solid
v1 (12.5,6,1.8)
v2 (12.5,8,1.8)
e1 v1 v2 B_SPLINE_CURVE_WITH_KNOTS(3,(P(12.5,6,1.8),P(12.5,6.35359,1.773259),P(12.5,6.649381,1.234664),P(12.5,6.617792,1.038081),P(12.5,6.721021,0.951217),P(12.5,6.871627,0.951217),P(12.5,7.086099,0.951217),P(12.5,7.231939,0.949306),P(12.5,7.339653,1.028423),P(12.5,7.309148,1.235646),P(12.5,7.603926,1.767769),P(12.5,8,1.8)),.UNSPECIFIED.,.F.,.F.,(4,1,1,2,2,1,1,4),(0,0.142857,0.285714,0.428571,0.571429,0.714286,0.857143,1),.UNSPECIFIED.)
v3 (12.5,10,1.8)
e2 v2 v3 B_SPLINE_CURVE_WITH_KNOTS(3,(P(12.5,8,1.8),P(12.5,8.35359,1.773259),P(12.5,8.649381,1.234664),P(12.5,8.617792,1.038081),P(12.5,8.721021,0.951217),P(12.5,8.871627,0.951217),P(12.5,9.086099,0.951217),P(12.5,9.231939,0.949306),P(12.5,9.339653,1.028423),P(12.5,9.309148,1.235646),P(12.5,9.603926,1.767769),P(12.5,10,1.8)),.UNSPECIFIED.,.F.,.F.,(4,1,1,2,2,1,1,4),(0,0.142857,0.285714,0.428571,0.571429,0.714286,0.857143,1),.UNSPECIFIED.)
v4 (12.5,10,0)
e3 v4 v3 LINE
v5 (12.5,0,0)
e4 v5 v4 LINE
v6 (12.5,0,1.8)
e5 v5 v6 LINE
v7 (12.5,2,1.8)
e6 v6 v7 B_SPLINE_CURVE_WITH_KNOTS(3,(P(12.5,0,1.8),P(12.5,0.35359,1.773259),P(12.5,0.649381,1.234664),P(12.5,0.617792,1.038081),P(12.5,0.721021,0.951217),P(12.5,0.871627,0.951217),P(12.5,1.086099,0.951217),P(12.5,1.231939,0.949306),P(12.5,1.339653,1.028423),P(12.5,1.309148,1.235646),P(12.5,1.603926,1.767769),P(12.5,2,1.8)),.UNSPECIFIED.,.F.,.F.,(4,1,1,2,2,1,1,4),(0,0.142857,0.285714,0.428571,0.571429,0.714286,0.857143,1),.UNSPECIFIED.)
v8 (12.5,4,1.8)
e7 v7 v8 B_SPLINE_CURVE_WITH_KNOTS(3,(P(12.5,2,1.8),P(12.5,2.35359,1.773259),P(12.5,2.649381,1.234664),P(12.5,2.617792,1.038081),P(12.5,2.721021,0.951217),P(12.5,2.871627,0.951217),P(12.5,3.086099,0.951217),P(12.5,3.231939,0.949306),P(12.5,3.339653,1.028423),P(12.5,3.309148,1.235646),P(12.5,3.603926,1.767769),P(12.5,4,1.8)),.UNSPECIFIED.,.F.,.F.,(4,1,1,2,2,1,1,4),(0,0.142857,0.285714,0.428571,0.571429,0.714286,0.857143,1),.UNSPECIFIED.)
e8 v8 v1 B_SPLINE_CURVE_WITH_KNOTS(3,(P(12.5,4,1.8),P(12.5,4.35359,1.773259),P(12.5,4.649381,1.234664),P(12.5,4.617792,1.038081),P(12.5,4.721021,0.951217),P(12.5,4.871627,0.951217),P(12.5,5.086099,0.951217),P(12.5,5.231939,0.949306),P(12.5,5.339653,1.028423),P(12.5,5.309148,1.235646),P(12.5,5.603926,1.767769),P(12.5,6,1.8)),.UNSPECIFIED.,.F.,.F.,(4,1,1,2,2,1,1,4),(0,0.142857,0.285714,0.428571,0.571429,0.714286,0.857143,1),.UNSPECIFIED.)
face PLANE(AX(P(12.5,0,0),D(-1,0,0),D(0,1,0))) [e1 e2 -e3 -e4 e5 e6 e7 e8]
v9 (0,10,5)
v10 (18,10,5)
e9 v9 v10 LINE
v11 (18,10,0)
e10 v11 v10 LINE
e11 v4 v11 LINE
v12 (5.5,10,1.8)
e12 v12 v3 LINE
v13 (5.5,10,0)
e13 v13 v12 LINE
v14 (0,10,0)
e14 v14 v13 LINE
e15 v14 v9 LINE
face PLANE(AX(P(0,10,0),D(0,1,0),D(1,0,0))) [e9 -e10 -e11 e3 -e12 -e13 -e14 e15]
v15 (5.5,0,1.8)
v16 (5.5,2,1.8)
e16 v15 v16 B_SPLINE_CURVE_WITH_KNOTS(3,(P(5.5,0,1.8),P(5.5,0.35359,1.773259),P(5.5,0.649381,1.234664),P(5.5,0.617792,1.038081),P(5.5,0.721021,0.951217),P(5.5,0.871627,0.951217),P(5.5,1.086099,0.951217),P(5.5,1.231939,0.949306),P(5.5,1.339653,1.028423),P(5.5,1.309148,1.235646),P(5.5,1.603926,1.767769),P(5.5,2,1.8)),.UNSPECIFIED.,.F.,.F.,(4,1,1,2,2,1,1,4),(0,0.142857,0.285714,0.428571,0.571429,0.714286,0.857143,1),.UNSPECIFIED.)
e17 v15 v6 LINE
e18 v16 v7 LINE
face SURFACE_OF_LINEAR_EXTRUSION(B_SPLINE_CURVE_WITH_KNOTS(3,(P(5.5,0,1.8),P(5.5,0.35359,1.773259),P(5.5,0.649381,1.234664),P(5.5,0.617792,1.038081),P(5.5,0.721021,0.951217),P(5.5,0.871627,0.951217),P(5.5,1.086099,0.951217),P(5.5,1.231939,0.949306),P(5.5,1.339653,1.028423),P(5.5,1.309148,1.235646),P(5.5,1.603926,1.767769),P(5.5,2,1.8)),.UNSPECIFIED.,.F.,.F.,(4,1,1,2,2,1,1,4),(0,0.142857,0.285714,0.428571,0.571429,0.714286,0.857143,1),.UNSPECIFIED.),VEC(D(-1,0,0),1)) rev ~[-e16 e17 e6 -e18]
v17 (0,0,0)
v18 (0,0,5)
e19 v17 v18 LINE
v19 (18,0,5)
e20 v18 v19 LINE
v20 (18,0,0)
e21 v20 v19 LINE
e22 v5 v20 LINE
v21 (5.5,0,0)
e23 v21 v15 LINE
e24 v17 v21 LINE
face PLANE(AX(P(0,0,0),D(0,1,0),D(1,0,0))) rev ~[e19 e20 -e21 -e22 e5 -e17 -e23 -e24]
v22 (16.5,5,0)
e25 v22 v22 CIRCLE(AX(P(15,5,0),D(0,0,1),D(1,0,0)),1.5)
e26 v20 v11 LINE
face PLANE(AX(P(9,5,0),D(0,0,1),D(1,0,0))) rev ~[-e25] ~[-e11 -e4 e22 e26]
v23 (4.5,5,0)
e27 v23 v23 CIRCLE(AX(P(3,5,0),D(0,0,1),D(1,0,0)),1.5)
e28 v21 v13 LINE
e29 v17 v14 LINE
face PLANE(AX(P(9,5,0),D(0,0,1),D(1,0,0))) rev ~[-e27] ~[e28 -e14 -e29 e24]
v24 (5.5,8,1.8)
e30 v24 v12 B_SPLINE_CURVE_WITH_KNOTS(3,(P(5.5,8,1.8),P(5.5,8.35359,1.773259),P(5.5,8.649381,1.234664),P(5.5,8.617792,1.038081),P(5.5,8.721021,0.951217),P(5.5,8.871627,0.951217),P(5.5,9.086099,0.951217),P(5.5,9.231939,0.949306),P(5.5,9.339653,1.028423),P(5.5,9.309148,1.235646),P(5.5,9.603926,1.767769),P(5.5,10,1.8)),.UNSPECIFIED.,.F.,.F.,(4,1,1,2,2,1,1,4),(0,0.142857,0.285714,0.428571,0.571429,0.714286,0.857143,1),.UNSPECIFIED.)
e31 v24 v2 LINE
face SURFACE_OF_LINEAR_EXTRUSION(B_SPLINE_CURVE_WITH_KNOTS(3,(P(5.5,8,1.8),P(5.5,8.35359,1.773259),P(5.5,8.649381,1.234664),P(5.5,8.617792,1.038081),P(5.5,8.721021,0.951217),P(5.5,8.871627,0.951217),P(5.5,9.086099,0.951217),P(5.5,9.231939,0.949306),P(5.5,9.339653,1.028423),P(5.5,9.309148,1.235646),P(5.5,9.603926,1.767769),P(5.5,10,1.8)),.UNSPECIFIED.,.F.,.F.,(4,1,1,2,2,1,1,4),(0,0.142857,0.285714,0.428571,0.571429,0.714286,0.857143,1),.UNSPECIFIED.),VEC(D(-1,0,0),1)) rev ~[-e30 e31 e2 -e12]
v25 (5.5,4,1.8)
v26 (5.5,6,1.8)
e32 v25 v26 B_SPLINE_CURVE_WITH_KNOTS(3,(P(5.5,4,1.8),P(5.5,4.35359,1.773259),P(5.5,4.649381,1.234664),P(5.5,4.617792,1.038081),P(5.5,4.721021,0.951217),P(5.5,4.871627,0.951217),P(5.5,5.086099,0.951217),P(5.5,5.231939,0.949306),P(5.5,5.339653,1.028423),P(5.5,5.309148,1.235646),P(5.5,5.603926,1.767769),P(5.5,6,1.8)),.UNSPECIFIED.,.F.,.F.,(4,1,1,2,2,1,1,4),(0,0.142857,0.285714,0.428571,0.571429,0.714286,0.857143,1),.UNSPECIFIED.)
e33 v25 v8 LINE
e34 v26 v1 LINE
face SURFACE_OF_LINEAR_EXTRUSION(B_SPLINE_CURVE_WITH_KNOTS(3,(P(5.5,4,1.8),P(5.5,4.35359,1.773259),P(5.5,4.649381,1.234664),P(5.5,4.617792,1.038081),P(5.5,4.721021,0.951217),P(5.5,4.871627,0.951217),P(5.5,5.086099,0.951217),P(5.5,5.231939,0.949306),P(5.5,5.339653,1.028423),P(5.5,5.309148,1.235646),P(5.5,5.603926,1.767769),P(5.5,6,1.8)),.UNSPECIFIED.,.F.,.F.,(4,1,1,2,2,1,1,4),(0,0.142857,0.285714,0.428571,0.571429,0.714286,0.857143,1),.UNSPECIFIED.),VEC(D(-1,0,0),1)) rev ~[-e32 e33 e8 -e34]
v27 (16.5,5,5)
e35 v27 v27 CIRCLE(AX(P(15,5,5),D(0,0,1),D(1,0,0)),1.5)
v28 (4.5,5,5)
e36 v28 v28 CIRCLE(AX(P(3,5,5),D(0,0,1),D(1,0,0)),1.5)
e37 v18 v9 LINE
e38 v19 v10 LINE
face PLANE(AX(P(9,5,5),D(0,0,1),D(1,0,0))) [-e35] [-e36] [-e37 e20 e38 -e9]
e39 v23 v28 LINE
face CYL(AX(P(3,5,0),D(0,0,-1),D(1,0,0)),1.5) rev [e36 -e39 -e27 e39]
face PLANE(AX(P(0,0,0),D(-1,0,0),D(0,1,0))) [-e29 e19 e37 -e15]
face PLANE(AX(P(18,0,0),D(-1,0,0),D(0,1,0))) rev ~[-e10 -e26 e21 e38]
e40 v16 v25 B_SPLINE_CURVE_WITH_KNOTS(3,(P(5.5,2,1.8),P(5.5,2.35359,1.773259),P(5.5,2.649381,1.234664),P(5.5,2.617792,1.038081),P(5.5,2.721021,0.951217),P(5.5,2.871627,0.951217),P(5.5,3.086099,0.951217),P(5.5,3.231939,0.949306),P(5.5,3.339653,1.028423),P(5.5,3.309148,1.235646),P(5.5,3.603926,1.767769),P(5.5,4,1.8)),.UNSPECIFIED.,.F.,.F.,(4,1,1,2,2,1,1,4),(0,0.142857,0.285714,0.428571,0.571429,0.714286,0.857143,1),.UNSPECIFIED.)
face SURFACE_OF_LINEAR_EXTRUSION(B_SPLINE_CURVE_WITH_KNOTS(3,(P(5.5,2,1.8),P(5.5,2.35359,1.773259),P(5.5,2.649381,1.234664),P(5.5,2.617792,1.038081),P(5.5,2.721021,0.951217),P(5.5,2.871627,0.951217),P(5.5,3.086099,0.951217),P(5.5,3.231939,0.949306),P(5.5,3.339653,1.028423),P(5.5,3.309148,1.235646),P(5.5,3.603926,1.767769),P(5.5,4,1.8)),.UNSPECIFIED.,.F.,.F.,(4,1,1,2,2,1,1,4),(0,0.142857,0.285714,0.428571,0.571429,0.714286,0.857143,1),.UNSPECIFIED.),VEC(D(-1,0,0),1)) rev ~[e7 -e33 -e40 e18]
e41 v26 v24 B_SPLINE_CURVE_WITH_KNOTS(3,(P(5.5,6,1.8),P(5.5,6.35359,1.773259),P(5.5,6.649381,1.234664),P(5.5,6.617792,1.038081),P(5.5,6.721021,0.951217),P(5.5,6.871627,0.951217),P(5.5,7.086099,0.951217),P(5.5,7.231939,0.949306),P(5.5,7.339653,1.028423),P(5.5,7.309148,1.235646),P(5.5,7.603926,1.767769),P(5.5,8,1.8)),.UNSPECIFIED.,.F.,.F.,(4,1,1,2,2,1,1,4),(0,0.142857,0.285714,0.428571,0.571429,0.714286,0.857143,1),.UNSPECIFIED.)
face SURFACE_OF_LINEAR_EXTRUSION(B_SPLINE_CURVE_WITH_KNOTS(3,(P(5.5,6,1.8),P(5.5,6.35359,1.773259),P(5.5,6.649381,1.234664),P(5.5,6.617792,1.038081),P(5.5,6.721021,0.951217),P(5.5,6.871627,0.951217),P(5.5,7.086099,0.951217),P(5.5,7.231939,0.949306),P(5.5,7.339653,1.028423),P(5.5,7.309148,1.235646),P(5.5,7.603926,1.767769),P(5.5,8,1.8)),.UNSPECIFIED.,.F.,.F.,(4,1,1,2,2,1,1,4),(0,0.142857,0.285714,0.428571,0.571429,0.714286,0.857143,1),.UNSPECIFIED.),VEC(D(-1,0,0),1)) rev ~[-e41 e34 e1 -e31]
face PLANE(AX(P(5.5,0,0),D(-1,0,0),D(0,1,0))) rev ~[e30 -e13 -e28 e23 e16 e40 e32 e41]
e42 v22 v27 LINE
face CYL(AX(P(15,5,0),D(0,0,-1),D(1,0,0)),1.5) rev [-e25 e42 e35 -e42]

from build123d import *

# Parameters (mm, degrees)
SKETCH_W     = 18
SKETCH_H     = 10
SKETCH_R     = 1.5
PAD_DEPTH    = 5
SKETCH009_W  = 7
SKETCH009_H  = 10
POCKET_DEPTH = 1.8
PAD001_DEPTH = 7


with BuildPart() as part:
    # Sketch → Pad (new body)
    with BuildSketch(Plane.XY):
        with Locations((9, 5)):
            Rectangle(SKETCH_W, SKETCH_H)
        with Locations((3, 5)):
            Circle(SKETCH_R, mode=Mode.SUBTRACT)
        with Locations((15, 5)):
            Circle(SKETCH_R, mode=Mode.SUBTRACT)
    extrude(amount=PAD_DEPTH)

    # Sketch009 → Pocket (cut)
    with BuildSketch(Plane.XY):
        with Locations((9, 5)):
            Rectangle(SKETCH009_W, SKETCH009_H)
    extrude(amount=POCKET_DEPTH, mode=Mode.SUBTRACT)

    # Sketch008 (on DatumPlane) → Pad001 (join)
    with BuildSketch(Plane(origin=(5.5, 0, 1.8), x_dir=(0, 1, 0), z_dir=(1, 0, 0))):
        with BuildLine():
            add(Edge.make_bspline(
                [(0, 0), (0.35359, -0.026741), (0.649381, -0.565336), (0.617792, -0.761919), (0.721021, -0.848783), (0.871627, -0.848783), (1.086099, -0.848783), (1.231939, -0.850694), (1.339653, -0.771577), (1.309148, -0.564354), (1.603926, -0.032231), (2, 0)],
                knots=[0, 0, 0, 0, 0.142857, 0.285714, 0.428571, 0.428571, 0.571429, 0.571429, 0.714286, 0.857143, 1, 1, 1, 1], degree=3))
            add(Edge.make_bspline(
                [(2, 0), (2.35359, -0.026741), (2.649381, -0.565336), (2.617792, -0.761919), (2.721021, -0.848783), (2.871627, -0.848783), (3.086099, -0.848783), (3.231939, -0.850694), (3.339653, -0.771577), (3.309148, -0.564354), (3.603926, -0.032231), (4, 0)],
                knots=[0, 0, 0, 0, 0.142857, 0.285714, 0.428571, 0.428571, 0.571429, 0.571429, 0.714286, 0.857143, 1, 1, 1, 1], degree=3))
            add(Edge.make_bspline(
                [(4, 0), (4.35359, -0.026741), (4.649381, -0.565336), (4.617792, -0.761919), (4.721021, -0.848783), (4.871627, -0.848783), (5.086099, -0.848783), (5.231939, -0.850694), (5.339653, -0.771577), (5.309148, -0.564354), (5.603926, -0.032231), (6, 0)],
                knots=[0, 0, 0, 0, 0.142857, 0.285714, 0.428571, 0.428571, 0.571429, 0.571429, 0.714286, 0.857143, 1, 1, 1, 1], degree=3))
            add(Edge.make_bspline(
                [(6, 0), (6.35359, -0.026741), (6.649381, -0.565336), (6.617792, -0.761919), (6.721021, -0.848783), (6.871627, -0.848783), (7.086099, -0.848783), (7.231939, -0.850694), (7.339653, -0.771577), (7.309148, -0.564354), (7.603926, -0.032231), (8, 0)],
                knots=[0, 0, 0, 0, 0.142857, 0.285714, 0.428571, 0.428571, 0.571429, 0.571429, 0.714286, 0.857143, 1, 1, 1, 1], degree=3))
            add(Edge.make_bspline(
                [(8, 0), (8.35359, -0.026741), (8.649381, -0.565336), (8.617792, -0.761919), (8.721021, -0.848783), (8.871627, -0.848783), (9.086099, -0.848783), (9.231939, -0.850694), (9.339653, -0.771577), (9.309148, -0.564354), (9.603926, -0.032231), (10, 0)],
                knots=[0, 0, 0, 0, 0.142857, 0.285714, 0.428571, 0.428571, 0.571429, 0.571429, 0.714286, 0.857143, 1, 1, 1, 1], degree=3))
            Line((10, 0), (10, 0.958783))
            Line((10, 0.958783), (0, 0.958783))
            Line((0, 0.958783), (0, 0))
        make_face()
    extrude(amount=PAD001_DEPTH)


solid = part.part
